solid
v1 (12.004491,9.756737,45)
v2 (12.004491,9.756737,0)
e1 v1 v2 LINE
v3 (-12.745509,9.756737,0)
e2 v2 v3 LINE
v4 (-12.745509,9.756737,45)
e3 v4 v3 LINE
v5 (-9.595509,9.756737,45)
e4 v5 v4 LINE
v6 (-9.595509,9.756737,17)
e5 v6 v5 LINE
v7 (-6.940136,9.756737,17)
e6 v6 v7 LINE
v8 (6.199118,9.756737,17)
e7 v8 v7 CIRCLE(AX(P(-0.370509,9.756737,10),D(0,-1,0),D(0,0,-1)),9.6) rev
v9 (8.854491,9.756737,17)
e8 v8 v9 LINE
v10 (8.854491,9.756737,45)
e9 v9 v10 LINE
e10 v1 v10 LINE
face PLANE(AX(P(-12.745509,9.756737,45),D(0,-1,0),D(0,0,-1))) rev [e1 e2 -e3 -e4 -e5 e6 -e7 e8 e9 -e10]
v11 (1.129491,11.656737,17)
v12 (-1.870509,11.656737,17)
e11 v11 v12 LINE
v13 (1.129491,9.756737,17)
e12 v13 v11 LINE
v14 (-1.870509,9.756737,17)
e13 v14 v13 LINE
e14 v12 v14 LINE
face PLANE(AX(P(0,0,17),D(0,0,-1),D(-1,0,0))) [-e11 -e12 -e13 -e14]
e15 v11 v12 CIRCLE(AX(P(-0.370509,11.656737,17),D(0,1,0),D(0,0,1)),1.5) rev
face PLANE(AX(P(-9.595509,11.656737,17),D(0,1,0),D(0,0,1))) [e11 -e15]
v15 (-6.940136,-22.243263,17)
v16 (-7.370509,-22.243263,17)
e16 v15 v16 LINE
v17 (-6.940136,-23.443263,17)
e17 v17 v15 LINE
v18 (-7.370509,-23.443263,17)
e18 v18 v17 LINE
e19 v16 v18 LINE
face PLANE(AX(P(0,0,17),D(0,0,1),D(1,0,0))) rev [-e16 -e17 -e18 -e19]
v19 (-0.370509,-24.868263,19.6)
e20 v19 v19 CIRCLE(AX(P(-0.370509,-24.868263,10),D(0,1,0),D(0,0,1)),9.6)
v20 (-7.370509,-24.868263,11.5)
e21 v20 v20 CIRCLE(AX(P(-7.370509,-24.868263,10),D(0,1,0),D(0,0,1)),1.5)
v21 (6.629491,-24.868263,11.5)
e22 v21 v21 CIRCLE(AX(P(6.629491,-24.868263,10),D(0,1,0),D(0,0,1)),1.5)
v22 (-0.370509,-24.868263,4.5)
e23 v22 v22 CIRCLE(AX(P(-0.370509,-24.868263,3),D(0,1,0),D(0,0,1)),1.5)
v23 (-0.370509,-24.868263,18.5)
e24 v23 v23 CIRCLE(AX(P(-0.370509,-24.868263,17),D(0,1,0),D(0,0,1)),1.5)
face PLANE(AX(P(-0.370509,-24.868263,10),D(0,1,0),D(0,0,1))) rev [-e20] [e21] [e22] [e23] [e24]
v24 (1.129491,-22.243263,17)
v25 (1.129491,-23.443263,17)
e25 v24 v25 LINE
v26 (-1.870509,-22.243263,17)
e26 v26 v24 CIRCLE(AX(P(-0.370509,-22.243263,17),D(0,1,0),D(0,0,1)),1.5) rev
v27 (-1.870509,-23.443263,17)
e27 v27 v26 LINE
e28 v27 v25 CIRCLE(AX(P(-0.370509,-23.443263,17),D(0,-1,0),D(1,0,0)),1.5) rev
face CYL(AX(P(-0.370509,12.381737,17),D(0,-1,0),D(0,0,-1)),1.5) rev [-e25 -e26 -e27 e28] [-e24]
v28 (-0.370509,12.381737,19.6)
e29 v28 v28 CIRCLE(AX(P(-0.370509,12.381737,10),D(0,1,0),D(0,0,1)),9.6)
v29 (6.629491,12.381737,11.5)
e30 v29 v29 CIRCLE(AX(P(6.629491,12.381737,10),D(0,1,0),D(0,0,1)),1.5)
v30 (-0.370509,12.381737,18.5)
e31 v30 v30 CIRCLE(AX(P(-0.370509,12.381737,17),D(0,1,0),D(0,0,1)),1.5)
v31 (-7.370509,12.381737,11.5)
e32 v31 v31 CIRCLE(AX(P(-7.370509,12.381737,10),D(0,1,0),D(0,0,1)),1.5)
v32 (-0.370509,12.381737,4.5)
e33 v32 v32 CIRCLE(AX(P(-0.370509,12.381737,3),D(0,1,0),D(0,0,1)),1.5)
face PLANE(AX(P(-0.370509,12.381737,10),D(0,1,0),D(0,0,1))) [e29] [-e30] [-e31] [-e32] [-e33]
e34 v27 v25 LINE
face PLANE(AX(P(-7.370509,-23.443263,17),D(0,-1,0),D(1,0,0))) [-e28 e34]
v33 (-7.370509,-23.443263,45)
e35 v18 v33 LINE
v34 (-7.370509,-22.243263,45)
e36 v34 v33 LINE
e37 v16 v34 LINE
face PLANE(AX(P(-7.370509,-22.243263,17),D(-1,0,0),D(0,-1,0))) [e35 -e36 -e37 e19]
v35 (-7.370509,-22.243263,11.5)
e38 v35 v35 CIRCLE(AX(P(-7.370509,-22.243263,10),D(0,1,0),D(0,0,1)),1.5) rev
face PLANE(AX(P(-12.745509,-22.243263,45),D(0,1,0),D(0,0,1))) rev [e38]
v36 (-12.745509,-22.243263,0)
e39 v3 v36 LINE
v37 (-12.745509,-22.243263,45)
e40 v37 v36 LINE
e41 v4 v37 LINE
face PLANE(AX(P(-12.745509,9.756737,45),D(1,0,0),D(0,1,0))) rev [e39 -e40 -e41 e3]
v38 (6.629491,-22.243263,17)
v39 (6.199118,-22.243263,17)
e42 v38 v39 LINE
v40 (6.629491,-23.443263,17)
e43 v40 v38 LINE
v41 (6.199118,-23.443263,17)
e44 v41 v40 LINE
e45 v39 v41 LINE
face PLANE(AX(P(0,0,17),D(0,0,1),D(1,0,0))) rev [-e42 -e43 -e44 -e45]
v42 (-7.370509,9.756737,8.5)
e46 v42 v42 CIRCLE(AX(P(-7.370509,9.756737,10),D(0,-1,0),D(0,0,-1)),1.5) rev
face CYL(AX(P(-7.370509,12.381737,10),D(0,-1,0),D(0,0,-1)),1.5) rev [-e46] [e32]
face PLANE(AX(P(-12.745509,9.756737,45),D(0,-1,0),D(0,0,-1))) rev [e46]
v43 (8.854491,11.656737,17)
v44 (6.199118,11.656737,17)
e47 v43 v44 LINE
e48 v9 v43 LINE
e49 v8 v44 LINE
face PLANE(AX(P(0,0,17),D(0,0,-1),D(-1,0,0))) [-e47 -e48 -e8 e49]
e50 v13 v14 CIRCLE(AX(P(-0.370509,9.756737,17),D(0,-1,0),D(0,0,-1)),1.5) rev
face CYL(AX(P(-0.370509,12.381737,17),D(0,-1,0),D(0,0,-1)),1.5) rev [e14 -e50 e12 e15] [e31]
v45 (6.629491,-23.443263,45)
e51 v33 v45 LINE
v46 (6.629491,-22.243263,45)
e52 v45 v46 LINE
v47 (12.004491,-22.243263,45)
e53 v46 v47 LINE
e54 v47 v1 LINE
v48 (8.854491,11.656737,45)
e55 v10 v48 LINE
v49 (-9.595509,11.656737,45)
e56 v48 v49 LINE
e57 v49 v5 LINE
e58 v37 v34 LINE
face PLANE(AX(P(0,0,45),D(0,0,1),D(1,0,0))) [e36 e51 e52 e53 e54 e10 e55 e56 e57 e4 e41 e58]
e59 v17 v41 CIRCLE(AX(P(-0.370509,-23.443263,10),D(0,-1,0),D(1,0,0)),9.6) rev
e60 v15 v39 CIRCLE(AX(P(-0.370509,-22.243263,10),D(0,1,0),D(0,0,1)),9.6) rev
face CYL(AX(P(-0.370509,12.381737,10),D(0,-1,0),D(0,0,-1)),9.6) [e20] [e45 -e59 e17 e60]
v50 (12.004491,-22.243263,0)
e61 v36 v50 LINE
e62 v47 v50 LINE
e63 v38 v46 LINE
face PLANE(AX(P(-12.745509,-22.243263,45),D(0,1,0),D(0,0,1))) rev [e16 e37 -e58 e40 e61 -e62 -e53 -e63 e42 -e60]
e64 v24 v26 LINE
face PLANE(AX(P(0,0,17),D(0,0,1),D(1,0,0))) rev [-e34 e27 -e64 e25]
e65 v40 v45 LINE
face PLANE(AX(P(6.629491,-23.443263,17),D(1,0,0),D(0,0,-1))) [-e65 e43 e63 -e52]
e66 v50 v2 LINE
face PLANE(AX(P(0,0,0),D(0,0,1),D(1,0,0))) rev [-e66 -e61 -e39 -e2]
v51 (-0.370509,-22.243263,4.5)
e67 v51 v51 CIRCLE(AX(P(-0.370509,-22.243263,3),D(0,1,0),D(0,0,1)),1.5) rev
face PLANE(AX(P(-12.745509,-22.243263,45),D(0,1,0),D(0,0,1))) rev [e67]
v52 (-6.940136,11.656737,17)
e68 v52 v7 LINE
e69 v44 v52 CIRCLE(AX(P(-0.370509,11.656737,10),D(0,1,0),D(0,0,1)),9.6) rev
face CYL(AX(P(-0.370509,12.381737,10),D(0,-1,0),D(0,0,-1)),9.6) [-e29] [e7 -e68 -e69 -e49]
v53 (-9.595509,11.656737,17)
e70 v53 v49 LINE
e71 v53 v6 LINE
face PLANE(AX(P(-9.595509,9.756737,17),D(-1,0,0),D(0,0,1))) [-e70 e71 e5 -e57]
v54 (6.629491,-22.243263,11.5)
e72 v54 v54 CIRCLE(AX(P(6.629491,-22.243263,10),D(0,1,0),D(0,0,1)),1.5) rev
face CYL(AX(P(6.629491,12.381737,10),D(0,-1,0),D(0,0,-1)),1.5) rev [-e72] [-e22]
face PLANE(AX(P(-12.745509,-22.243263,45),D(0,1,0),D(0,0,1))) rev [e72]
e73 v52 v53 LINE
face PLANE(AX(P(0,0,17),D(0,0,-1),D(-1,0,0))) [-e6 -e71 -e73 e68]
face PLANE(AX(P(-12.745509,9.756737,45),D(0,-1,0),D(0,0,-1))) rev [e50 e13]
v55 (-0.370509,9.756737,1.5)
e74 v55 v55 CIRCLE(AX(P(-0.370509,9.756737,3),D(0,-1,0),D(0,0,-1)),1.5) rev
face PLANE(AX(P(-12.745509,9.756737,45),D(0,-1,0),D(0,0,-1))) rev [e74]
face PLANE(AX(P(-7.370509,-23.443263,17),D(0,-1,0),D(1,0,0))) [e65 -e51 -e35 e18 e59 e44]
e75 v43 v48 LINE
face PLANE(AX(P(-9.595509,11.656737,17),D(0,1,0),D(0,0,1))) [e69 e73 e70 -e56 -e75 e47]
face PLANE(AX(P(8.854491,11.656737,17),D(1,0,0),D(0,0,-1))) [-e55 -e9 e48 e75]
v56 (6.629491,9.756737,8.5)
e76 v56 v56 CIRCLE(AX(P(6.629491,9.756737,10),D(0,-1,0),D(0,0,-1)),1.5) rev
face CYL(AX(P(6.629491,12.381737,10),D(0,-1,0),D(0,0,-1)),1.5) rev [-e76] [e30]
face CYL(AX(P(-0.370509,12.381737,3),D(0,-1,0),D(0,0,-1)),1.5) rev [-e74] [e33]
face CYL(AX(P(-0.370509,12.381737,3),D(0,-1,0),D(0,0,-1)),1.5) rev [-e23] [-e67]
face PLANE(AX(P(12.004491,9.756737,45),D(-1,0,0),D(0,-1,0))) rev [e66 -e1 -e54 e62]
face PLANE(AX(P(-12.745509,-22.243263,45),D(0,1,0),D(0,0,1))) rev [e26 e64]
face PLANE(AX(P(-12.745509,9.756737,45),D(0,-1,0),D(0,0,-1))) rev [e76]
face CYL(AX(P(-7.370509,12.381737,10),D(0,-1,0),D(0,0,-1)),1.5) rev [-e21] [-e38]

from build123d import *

# Parameters (mm, degrees)
SKETCH_1_W      = 24.75
SKETCH_1_H      = 32
EXTRUDE_1_DEPTH = 45
SKETCH_2_W      = 18.45
SKETCH_2_H      = 1.9
SKETCH_2_W_2    = 14
SKETCH_2_H_2    = 1.2
EXTRUDE_2_DEPTH = 28
SKETCH_4_R      = 9.6
SKETCH_4_R_2    = 1.5
EXTRUDE_3_DEPTH = 18.625


with BuildPart() as part:
    # 草图1 → 凸台-拉伸1 (new body)
    with BuildSketch(Plane.XY):
        with Locations((-0.370508982, -6.243263473)):
            Rectangle(SKETCH_1_W, SKETCH_1_H)
    extrude(amount=EXTRUDE_1_DEPTH)

    # 草图2 → 凸台-拉伸2 (add)
    with BuildSketch(Plane.XY.offset(45)):
        with Locations((-0.370508982, 10.706736527)):
            Rectangle(SKETCH_2_W, SKETCH_2_H)
        with Locations((-0.370508982, -22.843263473)):
            Rectangle(SKETCH_2_W_2, SKETCH_2_H_2)
    extrude(amount=-EXTRUDE_2_DEPTH)

    # 草图4 → 凸台-拉伸3 (add, symmetric)
    with BuildSketch(Plane(origin=(0, -6.243263473, 0), x_dir=(1, 0, 0), z_dir=(0, 1, 0))):
        with Locations(Location((-0.370508982, -10, 0), (0, 0, 226.816578204))):
            Circle(SKETCH_4_R)
        with Locations(Location((-0.370508982, -3, 0), (0, 0, 270))):
            Circle(SKETCH_4_R_2, mode=Mode.SUBTRACT)
        with Locations(Location((6.629491018, -10, 0), (0, 0, 270))):
            Circle(SKETCH_4_R_2, mode=Mode.SUBTRACT)
        with Locations((-0.370508982, -17)):
            Circle(SKETCH_4_R_2, mode=Mode.SUBTRACT)
        with Locations(Location((-7.370508982, -10, 0), (0, 0, 270))):
            Circle(SKETCH_4_R_2, mode=Mode.SUBTRACT)
    extrude(amount=EXTRUDE_3_DEPTH, both=True)


solid = part.part
